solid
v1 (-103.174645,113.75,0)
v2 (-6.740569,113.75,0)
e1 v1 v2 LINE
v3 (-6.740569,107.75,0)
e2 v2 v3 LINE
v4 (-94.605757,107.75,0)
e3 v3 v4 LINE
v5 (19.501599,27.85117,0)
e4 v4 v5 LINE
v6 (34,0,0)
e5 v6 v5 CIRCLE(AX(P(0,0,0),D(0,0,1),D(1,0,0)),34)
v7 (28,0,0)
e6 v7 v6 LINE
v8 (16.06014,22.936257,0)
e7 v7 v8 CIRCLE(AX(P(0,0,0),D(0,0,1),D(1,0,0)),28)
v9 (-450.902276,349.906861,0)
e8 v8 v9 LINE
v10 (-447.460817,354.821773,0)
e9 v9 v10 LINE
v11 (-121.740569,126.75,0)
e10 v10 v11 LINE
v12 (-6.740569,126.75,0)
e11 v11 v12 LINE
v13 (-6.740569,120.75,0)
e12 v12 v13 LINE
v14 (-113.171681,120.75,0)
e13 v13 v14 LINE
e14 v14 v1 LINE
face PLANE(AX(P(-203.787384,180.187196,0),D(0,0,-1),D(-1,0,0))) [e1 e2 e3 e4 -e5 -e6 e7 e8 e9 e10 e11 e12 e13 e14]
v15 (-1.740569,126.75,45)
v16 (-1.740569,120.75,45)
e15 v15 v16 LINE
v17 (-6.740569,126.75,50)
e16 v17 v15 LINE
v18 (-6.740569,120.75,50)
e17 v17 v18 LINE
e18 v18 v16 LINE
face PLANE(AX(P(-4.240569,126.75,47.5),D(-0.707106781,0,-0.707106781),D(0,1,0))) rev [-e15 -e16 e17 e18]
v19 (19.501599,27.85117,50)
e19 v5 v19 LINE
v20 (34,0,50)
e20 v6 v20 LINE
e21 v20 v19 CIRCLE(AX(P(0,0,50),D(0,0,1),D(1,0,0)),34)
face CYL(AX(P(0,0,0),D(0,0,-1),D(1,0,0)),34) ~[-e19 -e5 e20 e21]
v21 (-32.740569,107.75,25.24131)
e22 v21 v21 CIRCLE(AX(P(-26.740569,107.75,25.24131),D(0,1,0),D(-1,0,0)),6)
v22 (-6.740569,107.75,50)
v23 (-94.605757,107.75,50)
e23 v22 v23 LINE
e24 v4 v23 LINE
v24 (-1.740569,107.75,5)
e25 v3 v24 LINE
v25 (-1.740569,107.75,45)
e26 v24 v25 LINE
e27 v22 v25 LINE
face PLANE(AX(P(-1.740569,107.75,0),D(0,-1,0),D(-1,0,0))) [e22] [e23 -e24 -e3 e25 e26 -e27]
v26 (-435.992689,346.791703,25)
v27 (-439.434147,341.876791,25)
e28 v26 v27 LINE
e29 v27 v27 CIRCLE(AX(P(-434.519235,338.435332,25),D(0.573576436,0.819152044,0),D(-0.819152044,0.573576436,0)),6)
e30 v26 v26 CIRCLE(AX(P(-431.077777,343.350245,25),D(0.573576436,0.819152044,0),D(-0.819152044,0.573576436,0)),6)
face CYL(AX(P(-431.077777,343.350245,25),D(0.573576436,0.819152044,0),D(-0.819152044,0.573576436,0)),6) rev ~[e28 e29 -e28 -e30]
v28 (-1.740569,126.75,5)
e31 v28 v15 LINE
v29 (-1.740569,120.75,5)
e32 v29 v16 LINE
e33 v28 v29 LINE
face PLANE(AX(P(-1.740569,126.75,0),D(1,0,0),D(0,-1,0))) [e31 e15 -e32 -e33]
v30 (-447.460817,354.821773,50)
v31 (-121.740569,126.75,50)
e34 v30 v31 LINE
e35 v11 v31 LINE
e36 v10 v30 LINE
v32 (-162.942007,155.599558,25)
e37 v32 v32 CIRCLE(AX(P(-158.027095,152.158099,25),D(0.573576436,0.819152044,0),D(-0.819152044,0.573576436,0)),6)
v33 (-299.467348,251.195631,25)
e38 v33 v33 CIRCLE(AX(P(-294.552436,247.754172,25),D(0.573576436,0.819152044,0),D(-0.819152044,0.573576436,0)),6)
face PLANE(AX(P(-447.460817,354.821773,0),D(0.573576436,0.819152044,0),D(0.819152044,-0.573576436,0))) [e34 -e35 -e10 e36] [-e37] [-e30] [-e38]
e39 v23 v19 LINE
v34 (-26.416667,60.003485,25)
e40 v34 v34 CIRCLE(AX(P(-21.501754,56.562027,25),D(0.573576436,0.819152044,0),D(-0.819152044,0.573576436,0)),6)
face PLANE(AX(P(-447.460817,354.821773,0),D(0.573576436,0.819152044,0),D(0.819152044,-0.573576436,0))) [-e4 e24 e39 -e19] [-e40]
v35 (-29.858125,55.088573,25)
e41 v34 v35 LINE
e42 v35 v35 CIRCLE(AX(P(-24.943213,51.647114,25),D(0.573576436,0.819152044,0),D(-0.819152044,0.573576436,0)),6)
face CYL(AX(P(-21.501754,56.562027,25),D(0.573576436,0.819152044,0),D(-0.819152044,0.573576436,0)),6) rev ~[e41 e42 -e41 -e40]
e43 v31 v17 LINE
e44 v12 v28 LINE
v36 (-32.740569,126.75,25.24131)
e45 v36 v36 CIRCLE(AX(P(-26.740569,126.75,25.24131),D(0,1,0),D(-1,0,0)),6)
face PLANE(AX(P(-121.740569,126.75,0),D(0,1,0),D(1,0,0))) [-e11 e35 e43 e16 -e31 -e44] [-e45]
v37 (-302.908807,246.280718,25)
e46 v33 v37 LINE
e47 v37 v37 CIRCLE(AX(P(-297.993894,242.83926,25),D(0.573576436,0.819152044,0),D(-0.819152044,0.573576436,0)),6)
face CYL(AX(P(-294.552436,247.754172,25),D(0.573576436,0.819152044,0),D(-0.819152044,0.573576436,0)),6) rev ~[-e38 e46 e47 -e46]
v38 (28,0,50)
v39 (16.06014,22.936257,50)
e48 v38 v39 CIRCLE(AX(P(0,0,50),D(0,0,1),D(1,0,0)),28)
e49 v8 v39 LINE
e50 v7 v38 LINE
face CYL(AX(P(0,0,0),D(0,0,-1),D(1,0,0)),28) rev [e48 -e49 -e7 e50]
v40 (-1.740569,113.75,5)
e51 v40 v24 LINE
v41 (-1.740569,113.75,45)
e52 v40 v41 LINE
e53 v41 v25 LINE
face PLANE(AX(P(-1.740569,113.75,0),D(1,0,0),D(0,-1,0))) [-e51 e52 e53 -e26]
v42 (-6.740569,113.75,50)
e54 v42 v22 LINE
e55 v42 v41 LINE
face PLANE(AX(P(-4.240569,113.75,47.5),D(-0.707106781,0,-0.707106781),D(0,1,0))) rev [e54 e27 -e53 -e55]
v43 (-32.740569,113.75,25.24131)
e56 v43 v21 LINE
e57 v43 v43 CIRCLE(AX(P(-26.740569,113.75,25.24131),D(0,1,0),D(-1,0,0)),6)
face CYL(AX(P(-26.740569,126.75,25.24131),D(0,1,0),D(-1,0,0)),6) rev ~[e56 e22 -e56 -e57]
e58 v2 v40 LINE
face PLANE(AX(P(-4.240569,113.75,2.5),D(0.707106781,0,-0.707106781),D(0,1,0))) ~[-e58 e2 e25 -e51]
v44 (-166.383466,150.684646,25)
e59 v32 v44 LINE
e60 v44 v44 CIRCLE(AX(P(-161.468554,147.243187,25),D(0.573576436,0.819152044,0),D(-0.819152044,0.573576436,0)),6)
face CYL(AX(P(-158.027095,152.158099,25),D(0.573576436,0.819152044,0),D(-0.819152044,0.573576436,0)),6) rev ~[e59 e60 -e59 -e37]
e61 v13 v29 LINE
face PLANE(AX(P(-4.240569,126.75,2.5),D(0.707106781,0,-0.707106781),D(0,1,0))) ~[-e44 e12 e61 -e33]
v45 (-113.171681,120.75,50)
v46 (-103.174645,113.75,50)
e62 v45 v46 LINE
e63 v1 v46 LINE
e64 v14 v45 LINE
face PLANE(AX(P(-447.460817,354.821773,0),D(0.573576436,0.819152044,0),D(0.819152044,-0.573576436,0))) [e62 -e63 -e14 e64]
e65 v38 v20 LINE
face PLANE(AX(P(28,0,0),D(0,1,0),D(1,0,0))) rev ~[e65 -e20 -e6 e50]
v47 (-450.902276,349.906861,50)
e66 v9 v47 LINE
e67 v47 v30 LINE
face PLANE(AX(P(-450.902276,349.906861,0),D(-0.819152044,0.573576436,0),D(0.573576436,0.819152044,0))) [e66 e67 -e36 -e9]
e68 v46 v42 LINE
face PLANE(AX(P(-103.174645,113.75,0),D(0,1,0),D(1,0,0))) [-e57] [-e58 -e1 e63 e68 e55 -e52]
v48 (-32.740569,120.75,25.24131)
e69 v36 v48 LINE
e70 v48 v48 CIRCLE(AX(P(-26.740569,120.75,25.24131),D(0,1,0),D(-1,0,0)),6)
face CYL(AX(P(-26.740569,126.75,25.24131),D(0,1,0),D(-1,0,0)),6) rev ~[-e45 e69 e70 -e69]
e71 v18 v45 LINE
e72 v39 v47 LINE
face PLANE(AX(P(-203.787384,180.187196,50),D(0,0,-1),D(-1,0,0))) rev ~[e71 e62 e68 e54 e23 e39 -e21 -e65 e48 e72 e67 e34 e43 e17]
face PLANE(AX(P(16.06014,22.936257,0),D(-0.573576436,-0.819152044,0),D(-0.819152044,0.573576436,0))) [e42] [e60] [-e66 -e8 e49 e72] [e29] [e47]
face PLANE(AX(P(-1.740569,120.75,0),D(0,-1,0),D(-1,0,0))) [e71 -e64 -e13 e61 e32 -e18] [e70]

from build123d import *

# Parameters (mm, degrees)
PAD_DEPTH           = 50
PAD001_DEPTH        = 50
CHAMFER_SIZE        = 5
SKETCH002_R         = 6
POCKET_DEPTH        = 30
SKETCH015_R         = 6
POCKET005_DEPTH     = 292.6279206635
LINEARPATTERN_COUNT = 4
LINEARPATTERN_PITCH = 166.6666666667


with BuildPart() as part:
    # Sketch → Pad (new body)
    with BuildSketch(Plane.XY):
        with BuildLine():
            Line((-447.460817474, 354.8217734667), (19.5015988359, 27.8511695058))
            ThreePointArc((34, 0), (30.1583683281, 15.69945285), (19.5015988359, 27.8511695058))
            Line((28, 0), (34, 0))
            ThreePointArc((28, 0), (24.836303329, 12.9289611706), (16.0601402178, 22.9362572401))
            Line((16.0601402178, 22.9362572401), (-450.9022760922, 349.906861201))
            Line((-450.9022760922, 349.906861201), (-447.460817474, 354.8217734667))
        make_face()
    extrude(amount=PAD_DEPTH)

    # Sketch001 → Pad001 (join)
    with BuildSketch(Plane.XY):
        Polygon((-94.6057566753, 107.75), (-103.1746447158, 113.75), (-1.7405688034, 113.75), (-1.7405688034, 107.75), align=None)
        Polygon((-113.171680763, 120.75), (-121.7405688034, 126.75), (-1.7405688034, 126.75), (-1.7405688034, 120.75), align=None)
    extrude(amount=PAD001_DEPTH)

    # Chamfer
    chamfer_edges = [part.edges().sort_by_distance(p)[0] for p in [
        (-1.740569, 123.75, 50),
        (-1.740569, 110.75, 50),
        (-1.740569, 110.75, 0),
        (-1.740569, 123.75, 0),
    ]]
    chamfer(chamfer_edges, length=CHAMFER_SIZE)

    # Sketch002 (on Face1 of Chamfer) → Pocket (cut)
    with BuildSketch(Plane(origin=(0, 126.75, 0), x_dir=(-1, 0, 0), z_dir=(0, 1, 0))):
        with Locations((26.7405688034, 25.24131)):
            Circle(SKETCH002_R)
    extrude(amount=-POCKET_DEPTH, mode=Mode.SUBTRACT)

    # Sketch015 → Pocket005 (cut, through all)
    with BuildSketch(Plane(origin=(19.5015988359, 27.8511695058, 0), x_dir=(-0.8191520443, 0.5735764364, 0), z_dir=(0.5735764364, 0.8191520443, 0))):
        with Locations((550.0558517379, 25)):
            Circle(SKETCH015_R)
    pocket005 = extrude(amount=-POCKET005_DEPTH, mode=Mode.SUBTRACT)

    # LinearPattern: Pocket005 ×4
    with Locations(*[Vector(0.8191520443, -0.5735764364, 0) * (i * LINEARPATTERN_PITCH) for i in range(1, LINEARPATTERN_COUNT)]):
        add(pocket005, mode=Mode.SUBTRACT)


solid = part.part
